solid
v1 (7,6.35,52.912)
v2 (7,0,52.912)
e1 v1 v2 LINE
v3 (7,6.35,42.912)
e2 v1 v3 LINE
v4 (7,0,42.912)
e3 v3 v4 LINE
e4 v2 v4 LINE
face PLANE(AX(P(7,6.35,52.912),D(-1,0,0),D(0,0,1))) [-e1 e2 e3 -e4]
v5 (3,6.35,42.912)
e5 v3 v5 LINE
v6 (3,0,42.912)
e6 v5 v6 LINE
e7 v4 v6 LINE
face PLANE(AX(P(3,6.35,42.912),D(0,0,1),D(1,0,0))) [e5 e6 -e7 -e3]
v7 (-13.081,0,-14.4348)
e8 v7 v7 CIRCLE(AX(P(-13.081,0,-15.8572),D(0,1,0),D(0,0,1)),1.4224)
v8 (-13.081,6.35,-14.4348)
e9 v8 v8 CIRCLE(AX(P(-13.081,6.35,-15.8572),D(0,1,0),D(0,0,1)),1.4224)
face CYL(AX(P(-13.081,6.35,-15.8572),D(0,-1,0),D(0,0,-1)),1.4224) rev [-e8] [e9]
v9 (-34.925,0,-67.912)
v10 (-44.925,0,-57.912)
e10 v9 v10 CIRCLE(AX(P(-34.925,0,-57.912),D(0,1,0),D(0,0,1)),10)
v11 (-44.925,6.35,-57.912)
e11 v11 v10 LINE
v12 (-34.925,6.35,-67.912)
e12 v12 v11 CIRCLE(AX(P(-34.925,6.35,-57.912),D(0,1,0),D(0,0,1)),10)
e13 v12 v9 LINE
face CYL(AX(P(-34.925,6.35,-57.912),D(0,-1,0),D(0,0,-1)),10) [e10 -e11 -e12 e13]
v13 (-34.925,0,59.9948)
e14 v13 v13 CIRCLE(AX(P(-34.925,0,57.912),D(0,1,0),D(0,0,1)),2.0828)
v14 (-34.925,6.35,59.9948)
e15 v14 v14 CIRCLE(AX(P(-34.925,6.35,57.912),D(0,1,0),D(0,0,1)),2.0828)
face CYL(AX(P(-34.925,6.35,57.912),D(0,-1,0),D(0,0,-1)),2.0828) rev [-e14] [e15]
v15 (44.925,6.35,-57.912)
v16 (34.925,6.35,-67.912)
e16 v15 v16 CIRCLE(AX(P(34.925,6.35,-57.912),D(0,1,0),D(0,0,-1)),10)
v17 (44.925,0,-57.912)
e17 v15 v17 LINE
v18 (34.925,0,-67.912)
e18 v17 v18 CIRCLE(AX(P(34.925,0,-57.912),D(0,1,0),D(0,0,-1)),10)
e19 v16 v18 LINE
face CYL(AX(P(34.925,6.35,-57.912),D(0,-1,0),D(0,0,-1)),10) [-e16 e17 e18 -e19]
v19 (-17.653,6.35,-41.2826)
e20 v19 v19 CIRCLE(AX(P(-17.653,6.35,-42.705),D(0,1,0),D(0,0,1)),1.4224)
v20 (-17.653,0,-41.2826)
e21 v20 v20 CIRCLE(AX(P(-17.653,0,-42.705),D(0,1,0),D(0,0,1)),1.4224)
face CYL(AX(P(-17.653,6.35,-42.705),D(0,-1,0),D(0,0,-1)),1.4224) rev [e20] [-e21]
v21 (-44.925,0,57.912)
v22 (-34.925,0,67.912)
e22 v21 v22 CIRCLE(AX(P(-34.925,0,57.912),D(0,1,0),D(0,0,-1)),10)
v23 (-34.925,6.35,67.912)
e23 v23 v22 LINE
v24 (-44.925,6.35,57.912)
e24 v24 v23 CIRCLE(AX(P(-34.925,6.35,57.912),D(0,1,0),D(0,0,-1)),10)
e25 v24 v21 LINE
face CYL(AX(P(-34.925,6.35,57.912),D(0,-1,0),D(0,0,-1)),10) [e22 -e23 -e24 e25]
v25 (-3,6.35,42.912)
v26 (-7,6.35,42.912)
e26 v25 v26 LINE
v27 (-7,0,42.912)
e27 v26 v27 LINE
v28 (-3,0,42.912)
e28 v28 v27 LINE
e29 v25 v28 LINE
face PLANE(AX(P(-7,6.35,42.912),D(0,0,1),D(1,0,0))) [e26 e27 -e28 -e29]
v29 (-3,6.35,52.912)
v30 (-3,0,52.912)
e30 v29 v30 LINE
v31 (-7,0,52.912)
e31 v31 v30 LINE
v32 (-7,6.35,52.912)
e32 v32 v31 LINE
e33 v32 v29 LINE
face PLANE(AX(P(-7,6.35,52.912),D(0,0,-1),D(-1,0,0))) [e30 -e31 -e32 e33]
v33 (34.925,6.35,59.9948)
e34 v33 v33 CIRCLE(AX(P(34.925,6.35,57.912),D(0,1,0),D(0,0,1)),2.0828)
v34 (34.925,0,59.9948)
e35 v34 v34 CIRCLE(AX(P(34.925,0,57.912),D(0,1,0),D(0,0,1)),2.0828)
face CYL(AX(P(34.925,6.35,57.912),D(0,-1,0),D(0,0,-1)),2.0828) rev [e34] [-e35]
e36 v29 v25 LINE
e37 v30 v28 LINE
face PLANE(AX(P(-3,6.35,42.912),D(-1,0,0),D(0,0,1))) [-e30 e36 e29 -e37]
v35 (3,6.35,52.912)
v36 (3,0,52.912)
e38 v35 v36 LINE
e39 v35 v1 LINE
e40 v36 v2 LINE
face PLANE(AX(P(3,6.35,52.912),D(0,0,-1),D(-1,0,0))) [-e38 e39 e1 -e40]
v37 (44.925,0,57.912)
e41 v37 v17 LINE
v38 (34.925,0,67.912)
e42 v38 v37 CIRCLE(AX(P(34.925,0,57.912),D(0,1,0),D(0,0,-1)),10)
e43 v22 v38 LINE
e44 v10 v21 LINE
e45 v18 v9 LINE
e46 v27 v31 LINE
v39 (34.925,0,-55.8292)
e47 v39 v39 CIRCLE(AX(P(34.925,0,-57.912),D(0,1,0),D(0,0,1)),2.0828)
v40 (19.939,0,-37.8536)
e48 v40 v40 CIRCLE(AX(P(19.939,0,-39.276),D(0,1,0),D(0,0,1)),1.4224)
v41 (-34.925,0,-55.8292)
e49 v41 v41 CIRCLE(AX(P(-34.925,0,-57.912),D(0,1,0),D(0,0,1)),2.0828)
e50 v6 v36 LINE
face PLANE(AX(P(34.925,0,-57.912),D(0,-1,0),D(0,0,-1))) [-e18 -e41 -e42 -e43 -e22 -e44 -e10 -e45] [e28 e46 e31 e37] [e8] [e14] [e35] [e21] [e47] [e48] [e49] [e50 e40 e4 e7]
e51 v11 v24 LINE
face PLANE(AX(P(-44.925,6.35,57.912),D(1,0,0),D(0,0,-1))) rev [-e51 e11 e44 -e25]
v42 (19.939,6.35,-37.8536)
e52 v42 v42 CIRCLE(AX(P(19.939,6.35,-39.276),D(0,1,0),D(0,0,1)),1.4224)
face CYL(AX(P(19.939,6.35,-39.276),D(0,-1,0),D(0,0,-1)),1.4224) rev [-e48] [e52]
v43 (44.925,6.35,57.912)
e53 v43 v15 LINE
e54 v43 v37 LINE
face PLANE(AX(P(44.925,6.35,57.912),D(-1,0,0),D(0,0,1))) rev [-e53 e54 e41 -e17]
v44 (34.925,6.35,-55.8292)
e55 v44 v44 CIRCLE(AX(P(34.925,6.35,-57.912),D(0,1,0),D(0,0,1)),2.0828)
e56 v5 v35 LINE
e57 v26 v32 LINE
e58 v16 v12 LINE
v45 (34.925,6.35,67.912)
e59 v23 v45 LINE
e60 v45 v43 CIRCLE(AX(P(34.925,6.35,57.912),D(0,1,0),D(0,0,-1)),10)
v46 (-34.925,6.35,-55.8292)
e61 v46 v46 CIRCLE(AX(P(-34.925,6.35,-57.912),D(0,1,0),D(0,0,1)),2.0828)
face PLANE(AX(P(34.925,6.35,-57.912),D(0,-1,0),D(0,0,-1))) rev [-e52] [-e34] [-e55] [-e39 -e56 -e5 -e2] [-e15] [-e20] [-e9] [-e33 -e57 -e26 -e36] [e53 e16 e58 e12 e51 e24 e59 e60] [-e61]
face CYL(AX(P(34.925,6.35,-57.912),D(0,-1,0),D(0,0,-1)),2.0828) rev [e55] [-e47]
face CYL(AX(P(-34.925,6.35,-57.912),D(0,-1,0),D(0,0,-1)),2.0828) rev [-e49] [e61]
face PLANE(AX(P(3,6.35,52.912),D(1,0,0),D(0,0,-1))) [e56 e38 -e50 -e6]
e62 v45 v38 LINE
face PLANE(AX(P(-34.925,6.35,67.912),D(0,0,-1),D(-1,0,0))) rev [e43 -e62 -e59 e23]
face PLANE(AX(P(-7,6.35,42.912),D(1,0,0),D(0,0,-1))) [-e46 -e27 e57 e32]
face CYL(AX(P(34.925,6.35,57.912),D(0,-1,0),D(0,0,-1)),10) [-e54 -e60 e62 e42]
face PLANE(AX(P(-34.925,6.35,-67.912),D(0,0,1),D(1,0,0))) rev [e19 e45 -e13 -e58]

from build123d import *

# Parameters (mm, degrees)
SKETCH1_R           = 2.0828
SKETCH1_R_2         = 1.4224
SKETCH1_W           = 4
SKETCH1_H           = 10
BOSS_EXTRUDE1_DEPTH = 6.35


with BuildPart() as part:
    # Sketch1 → Boss-Extrude1 (new body)
    with BuildSketch(Plane(origin=(0, 0, 0), x_dir=(1, 0, 0), z_dir=(0, 1, 0))):
        with BuildLine():
            Line((-34.925, -67.912), (34.925, -67.912))
            ThreePointArc((34.925, -67.912), (41.996067812, -64.983067812), (44.925, -57.912))
            Line((44.925, -57.912), (44.925, 57.912))
            ThreePointArc((44.925, 57.912), (41.996067812, 64.983067812), (34.925, 67.912))
            Line((34.925, 67.912), (-34.925, 67.912))
            ThreePointArc((-34.925, 67.912), (-41.996067812, 64.983067812), (-44.925, 57.912))
            Line((-44.925, 57.912), (-44.925, -57.912))
            ThreePointArc((-44.925, -57.912), (-41.996067812, -64.983067812), (-34.925, -67.912))
        make_face()
        with Locations(Location((-34.925, 57.912, 0), (0, 0, 270))):
            Circle(SKETCH1_R, mode=Mode.SUBTRACT)
        with Locations(Location((34.925, 57.912, 0), (0, 0, 270))):
            Circle(SKETCH1_R, mode=Mode.SUBTRACT)
        with Locations(Location((34.925, -57.912, 0), (0, 0, 270))):
            Circle(SKETCH1_R, mode=Mode.SUBTRACT)
        with Locations(Location((-34.925, -57.912, 0), (0, 0, 270))):
            Circle(SKETCH1_R, mode=Mode.SUBTRACT)
        with Locations(Location((19.939, 39.276, 0), (0, 0, 270))):
            Circle(SKETCH1_R_2, mode=Mode.SUBTRACT)
        with Locations(Location((-13.081, 15.8572, 0), (0, 0, 270))):
            Circle(SKETCH1_R_2, mode=Mode.SUBTRACT)
        with Locations(Location((-17.653, 42.705, 0), (0, 0, 270))):
            Circle(SKETCH1_R_2, mode=Mode.SUBTRACT)
        with Locations((-5, -47.912)):
            Rectangle(SKETCH1_W, SKETCH1_H, mode=Mode.SUBTRACT)
        with Locations((5, -47.912)):
            Rectangle(SKETCH1_W, SKETCH1_H, mode=Mode.SUBTRACT)
    extrude(amount=BOSS_EXTRUDE1_DEPTH)


solid = part.part
